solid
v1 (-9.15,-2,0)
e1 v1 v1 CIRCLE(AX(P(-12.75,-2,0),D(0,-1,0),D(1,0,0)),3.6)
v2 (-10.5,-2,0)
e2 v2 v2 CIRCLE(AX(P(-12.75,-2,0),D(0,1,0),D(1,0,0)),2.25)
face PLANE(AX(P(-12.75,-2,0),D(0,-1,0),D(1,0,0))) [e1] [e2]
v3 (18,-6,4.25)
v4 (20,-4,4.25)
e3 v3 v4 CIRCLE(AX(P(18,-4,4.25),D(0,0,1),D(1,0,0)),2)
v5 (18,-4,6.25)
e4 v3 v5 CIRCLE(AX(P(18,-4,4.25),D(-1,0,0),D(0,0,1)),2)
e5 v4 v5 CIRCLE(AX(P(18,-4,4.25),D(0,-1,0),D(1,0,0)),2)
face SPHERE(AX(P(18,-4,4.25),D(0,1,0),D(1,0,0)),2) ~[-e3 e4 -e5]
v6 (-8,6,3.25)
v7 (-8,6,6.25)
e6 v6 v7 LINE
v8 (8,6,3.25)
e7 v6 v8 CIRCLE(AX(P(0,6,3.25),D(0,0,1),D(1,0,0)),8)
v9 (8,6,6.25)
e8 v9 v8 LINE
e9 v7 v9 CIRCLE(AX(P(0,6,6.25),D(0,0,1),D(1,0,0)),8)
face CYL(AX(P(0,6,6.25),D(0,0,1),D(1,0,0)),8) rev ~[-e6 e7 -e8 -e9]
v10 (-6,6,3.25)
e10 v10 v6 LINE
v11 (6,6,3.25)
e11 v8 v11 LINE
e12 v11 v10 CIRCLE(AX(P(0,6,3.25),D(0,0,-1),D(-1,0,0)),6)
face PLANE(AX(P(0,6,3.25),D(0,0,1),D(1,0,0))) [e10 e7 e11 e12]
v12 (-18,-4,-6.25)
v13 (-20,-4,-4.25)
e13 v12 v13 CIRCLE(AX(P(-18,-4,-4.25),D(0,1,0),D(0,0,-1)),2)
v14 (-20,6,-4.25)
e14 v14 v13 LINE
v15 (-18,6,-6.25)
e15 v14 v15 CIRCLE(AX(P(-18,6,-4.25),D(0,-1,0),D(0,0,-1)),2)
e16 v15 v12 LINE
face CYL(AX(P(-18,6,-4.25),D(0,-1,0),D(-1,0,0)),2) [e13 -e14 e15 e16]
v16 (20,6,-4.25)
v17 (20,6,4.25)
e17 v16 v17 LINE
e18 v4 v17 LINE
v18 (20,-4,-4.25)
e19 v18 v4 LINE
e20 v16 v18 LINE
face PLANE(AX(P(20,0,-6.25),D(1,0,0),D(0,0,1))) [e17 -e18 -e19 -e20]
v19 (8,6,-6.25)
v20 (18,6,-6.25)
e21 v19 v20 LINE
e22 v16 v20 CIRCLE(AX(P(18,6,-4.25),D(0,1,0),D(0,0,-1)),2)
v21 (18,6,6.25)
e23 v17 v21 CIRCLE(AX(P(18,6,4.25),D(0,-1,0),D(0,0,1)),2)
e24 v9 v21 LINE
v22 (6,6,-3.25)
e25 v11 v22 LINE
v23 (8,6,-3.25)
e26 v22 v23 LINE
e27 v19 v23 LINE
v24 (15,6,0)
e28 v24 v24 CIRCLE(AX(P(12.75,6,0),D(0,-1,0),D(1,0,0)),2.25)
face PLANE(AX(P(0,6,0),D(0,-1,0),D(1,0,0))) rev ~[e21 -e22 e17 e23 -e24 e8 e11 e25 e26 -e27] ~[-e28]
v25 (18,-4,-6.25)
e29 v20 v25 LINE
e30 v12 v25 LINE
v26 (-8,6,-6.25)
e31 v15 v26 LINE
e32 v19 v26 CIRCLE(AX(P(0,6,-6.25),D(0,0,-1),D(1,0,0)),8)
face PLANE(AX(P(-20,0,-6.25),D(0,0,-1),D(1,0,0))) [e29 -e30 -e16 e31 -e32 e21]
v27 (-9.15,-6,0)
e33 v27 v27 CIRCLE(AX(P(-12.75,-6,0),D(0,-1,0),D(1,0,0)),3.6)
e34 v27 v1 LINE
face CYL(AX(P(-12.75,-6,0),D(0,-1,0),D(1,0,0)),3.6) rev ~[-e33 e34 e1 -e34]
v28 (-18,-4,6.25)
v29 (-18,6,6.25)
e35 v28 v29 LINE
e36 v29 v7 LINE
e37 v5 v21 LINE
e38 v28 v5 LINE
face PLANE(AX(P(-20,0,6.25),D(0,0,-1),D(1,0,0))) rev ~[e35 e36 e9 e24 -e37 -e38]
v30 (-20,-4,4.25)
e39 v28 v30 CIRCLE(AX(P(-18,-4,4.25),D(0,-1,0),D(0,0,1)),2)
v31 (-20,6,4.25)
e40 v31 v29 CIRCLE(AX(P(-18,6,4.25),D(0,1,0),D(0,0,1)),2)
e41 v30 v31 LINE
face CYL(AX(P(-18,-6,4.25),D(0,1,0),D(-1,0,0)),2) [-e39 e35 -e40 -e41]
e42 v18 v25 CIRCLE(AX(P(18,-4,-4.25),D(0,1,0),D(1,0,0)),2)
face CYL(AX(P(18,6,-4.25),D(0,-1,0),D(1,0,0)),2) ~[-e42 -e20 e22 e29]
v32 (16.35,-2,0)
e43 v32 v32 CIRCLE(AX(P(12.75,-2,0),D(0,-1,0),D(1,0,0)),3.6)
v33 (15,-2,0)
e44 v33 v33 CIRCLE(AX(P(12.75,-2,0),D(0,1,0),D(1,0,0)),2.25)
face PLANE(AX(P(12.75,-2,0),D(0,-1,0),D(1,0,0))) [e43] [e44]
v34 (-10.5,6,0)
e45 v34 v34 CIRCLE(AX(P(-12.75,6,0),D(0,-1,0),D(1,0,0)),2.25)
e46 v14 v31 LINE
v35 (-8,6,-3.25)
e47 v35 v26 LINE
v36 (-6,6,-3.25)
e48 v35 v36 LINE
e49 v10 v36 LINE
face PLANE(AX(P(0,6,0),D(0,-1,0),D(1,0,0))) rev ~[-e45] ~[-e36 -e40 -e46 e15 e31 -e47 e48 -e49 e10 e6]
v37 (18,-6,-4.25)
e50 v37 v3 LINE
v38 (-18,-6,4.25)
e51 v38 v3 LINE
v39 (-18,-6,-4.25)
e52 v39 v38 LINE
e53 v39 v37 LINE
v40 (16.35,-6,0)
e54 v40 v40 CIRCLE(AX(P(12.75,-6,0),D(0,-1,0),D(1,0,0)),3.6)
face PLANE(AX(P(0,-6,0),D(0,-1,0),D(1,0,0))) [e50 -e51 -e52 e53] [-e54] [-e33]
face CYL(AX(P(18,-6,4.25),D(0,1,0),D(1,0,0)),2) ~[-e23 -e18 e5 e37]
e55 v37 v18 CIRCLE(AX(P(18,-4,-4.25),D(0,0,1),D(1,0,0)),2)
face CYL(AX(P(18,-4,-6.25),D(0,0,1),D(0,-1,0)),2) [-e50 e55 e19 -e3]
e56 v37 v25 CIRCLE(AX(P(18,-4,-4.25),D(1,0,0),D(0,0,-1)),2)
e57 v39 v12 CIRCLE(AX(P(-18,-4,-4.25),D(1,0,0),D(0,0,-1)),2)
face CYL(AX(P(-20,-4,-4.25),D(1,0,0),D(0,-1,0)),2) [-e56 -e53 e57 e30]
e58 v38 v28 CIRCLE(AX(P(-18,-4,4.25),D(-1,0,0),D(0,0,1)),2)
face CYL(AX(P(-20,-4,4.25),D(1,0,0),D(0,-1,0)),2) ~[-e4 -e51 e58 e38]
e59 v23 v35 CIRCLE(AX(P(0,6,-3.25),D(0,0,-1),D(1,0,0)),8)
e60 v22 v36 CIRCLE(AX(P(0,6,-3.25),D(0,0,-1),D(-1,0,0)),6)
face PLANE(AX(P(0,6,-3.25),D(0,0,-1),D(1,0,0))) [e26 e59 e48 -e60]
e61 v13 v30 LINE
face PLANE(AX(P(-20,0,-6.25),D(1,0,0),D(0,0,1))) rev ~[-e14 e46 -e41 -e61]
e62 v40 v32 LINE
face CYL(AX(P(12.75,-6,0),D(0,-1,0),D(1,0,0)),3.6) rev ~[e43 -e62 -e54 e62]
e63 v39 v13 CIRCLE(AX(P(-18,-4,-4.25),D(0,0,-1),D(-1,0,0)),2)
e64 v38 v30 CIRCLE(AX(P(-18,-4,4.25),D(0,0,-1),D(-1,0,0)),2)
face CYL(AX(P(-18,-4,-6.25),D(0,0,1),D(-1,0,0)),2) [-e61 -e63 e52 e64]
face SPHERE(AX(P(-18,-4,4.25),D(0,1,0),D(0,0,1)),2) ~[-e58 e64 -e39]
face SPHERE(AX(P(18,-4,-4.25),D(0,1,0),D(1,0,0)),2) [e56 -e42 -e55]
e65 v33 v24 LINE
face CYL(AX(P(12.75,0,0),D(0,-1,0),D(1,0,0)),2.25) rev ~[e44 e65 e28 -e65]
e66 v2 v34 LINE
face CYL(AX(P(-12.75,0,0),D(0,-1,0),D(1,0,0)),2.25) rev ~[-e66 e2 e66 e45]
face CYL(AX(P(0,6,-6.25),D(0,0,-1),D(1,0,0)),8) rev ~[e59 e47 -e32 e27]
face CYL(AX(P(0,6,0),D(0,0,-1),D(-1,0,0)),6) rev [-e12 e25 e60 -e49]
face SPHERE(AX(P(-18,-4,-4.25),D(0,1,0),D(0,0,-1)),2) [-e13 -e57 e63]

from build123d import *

# Parameters (mm, degrees)
F0_W          = 40
F0_H          = 12.5
F0_R          = 2.25
F1_DEPTH      = 6
F1_DEPTH_BACK = 6
F2_R          = 3.6
F3_DEPTH      = 4
F4_R          = 2
F6_DEPTH      = 6.25
F6_DEPTH_BACK = 6.25
F7_R          = 8
F8_DEPTH      = 3
F9_R          = 8
F10_DEPTH     = 3


with BuildPart() as f1:
    # F0 (on Front) → F1 (new body, two sides)
    with BuildSketch(Plane.XZ) as f1_sk:
        Rectangle(F0_W, F0_H)
        with Locations((-12.75, 0)):
            Circle(F0_R, mode=Mode.SUBTRACT)
        with Locations((12.75, 0)):
            Circle(F0_R, mode=Mode.SUBTRACT)
    extrude(amount=F1_DEPTH)
    extrude(f1_sk.sketch, amount=-F1_DEPTH_BACK)

    # F2 (on face) → F3 (cut)
    with BuildSketch(Plane.XZ.offset(6)):
        with Locations((-12.75, 0)):
            Circle(F2_R)
        with Locations((12.75, 0)):
            Circle(F2_R)
    extrude(amount=-F3_DEPTH, mode=Mode.SUBTRACT)

    # F4
    f4_edges = [f1.edges().sort_by_distance(p)[0] for p in [
        (-20, 0, 6.25),
        (-20, 0, -6.25),
        (20, 0, 6.25),
        (20, 0, -6.25),
        (20, -6, 0),
        (0, -6, 6.25),
        (0, -6, -6.25),
        (-20, -6, 0),
    ]]
    fillet(f4_edges, radius=F4_R)

    # F5 (on Top) → F6 (cut, two sides)
    with BuildSketch(Plane.XY) as f6_sk:
        with BuildLine():
            Line((6, 6), (-6, 6))
            ThreePointArc((-6, 6), (0, 0), (6, 6))
        make_face()
    extrude(amount=-F6_DEPTH, mode=Mode.SUBTRACT)
    extrude(f6_sk.sketch, amount=F6_DEPTH_BACK, mode=Mode.SUBTRACT)

    # F7 (on face) → F8 (cut)
    with BuildSketch(Plane.XY.offset(6.25)):
        with Locations((0, 6)):
            Circle(F7_R)
    extrude(amount=-F8_DEPTH, mode=Mode.SUBTRACT)

    # F9 (on face) → F10 (cut)
    with BuildSketch(Plane(origin=(0, 0, -6.25), x_dir=(1, 0, 0), z_dir=(0, 0, -1))):
        with Locations((0, -6)):
            Circle(F9_R)
    extrude(amount=-F10_DEPTH, mode=Mode.SUBTRACT)


solid = f1.part
